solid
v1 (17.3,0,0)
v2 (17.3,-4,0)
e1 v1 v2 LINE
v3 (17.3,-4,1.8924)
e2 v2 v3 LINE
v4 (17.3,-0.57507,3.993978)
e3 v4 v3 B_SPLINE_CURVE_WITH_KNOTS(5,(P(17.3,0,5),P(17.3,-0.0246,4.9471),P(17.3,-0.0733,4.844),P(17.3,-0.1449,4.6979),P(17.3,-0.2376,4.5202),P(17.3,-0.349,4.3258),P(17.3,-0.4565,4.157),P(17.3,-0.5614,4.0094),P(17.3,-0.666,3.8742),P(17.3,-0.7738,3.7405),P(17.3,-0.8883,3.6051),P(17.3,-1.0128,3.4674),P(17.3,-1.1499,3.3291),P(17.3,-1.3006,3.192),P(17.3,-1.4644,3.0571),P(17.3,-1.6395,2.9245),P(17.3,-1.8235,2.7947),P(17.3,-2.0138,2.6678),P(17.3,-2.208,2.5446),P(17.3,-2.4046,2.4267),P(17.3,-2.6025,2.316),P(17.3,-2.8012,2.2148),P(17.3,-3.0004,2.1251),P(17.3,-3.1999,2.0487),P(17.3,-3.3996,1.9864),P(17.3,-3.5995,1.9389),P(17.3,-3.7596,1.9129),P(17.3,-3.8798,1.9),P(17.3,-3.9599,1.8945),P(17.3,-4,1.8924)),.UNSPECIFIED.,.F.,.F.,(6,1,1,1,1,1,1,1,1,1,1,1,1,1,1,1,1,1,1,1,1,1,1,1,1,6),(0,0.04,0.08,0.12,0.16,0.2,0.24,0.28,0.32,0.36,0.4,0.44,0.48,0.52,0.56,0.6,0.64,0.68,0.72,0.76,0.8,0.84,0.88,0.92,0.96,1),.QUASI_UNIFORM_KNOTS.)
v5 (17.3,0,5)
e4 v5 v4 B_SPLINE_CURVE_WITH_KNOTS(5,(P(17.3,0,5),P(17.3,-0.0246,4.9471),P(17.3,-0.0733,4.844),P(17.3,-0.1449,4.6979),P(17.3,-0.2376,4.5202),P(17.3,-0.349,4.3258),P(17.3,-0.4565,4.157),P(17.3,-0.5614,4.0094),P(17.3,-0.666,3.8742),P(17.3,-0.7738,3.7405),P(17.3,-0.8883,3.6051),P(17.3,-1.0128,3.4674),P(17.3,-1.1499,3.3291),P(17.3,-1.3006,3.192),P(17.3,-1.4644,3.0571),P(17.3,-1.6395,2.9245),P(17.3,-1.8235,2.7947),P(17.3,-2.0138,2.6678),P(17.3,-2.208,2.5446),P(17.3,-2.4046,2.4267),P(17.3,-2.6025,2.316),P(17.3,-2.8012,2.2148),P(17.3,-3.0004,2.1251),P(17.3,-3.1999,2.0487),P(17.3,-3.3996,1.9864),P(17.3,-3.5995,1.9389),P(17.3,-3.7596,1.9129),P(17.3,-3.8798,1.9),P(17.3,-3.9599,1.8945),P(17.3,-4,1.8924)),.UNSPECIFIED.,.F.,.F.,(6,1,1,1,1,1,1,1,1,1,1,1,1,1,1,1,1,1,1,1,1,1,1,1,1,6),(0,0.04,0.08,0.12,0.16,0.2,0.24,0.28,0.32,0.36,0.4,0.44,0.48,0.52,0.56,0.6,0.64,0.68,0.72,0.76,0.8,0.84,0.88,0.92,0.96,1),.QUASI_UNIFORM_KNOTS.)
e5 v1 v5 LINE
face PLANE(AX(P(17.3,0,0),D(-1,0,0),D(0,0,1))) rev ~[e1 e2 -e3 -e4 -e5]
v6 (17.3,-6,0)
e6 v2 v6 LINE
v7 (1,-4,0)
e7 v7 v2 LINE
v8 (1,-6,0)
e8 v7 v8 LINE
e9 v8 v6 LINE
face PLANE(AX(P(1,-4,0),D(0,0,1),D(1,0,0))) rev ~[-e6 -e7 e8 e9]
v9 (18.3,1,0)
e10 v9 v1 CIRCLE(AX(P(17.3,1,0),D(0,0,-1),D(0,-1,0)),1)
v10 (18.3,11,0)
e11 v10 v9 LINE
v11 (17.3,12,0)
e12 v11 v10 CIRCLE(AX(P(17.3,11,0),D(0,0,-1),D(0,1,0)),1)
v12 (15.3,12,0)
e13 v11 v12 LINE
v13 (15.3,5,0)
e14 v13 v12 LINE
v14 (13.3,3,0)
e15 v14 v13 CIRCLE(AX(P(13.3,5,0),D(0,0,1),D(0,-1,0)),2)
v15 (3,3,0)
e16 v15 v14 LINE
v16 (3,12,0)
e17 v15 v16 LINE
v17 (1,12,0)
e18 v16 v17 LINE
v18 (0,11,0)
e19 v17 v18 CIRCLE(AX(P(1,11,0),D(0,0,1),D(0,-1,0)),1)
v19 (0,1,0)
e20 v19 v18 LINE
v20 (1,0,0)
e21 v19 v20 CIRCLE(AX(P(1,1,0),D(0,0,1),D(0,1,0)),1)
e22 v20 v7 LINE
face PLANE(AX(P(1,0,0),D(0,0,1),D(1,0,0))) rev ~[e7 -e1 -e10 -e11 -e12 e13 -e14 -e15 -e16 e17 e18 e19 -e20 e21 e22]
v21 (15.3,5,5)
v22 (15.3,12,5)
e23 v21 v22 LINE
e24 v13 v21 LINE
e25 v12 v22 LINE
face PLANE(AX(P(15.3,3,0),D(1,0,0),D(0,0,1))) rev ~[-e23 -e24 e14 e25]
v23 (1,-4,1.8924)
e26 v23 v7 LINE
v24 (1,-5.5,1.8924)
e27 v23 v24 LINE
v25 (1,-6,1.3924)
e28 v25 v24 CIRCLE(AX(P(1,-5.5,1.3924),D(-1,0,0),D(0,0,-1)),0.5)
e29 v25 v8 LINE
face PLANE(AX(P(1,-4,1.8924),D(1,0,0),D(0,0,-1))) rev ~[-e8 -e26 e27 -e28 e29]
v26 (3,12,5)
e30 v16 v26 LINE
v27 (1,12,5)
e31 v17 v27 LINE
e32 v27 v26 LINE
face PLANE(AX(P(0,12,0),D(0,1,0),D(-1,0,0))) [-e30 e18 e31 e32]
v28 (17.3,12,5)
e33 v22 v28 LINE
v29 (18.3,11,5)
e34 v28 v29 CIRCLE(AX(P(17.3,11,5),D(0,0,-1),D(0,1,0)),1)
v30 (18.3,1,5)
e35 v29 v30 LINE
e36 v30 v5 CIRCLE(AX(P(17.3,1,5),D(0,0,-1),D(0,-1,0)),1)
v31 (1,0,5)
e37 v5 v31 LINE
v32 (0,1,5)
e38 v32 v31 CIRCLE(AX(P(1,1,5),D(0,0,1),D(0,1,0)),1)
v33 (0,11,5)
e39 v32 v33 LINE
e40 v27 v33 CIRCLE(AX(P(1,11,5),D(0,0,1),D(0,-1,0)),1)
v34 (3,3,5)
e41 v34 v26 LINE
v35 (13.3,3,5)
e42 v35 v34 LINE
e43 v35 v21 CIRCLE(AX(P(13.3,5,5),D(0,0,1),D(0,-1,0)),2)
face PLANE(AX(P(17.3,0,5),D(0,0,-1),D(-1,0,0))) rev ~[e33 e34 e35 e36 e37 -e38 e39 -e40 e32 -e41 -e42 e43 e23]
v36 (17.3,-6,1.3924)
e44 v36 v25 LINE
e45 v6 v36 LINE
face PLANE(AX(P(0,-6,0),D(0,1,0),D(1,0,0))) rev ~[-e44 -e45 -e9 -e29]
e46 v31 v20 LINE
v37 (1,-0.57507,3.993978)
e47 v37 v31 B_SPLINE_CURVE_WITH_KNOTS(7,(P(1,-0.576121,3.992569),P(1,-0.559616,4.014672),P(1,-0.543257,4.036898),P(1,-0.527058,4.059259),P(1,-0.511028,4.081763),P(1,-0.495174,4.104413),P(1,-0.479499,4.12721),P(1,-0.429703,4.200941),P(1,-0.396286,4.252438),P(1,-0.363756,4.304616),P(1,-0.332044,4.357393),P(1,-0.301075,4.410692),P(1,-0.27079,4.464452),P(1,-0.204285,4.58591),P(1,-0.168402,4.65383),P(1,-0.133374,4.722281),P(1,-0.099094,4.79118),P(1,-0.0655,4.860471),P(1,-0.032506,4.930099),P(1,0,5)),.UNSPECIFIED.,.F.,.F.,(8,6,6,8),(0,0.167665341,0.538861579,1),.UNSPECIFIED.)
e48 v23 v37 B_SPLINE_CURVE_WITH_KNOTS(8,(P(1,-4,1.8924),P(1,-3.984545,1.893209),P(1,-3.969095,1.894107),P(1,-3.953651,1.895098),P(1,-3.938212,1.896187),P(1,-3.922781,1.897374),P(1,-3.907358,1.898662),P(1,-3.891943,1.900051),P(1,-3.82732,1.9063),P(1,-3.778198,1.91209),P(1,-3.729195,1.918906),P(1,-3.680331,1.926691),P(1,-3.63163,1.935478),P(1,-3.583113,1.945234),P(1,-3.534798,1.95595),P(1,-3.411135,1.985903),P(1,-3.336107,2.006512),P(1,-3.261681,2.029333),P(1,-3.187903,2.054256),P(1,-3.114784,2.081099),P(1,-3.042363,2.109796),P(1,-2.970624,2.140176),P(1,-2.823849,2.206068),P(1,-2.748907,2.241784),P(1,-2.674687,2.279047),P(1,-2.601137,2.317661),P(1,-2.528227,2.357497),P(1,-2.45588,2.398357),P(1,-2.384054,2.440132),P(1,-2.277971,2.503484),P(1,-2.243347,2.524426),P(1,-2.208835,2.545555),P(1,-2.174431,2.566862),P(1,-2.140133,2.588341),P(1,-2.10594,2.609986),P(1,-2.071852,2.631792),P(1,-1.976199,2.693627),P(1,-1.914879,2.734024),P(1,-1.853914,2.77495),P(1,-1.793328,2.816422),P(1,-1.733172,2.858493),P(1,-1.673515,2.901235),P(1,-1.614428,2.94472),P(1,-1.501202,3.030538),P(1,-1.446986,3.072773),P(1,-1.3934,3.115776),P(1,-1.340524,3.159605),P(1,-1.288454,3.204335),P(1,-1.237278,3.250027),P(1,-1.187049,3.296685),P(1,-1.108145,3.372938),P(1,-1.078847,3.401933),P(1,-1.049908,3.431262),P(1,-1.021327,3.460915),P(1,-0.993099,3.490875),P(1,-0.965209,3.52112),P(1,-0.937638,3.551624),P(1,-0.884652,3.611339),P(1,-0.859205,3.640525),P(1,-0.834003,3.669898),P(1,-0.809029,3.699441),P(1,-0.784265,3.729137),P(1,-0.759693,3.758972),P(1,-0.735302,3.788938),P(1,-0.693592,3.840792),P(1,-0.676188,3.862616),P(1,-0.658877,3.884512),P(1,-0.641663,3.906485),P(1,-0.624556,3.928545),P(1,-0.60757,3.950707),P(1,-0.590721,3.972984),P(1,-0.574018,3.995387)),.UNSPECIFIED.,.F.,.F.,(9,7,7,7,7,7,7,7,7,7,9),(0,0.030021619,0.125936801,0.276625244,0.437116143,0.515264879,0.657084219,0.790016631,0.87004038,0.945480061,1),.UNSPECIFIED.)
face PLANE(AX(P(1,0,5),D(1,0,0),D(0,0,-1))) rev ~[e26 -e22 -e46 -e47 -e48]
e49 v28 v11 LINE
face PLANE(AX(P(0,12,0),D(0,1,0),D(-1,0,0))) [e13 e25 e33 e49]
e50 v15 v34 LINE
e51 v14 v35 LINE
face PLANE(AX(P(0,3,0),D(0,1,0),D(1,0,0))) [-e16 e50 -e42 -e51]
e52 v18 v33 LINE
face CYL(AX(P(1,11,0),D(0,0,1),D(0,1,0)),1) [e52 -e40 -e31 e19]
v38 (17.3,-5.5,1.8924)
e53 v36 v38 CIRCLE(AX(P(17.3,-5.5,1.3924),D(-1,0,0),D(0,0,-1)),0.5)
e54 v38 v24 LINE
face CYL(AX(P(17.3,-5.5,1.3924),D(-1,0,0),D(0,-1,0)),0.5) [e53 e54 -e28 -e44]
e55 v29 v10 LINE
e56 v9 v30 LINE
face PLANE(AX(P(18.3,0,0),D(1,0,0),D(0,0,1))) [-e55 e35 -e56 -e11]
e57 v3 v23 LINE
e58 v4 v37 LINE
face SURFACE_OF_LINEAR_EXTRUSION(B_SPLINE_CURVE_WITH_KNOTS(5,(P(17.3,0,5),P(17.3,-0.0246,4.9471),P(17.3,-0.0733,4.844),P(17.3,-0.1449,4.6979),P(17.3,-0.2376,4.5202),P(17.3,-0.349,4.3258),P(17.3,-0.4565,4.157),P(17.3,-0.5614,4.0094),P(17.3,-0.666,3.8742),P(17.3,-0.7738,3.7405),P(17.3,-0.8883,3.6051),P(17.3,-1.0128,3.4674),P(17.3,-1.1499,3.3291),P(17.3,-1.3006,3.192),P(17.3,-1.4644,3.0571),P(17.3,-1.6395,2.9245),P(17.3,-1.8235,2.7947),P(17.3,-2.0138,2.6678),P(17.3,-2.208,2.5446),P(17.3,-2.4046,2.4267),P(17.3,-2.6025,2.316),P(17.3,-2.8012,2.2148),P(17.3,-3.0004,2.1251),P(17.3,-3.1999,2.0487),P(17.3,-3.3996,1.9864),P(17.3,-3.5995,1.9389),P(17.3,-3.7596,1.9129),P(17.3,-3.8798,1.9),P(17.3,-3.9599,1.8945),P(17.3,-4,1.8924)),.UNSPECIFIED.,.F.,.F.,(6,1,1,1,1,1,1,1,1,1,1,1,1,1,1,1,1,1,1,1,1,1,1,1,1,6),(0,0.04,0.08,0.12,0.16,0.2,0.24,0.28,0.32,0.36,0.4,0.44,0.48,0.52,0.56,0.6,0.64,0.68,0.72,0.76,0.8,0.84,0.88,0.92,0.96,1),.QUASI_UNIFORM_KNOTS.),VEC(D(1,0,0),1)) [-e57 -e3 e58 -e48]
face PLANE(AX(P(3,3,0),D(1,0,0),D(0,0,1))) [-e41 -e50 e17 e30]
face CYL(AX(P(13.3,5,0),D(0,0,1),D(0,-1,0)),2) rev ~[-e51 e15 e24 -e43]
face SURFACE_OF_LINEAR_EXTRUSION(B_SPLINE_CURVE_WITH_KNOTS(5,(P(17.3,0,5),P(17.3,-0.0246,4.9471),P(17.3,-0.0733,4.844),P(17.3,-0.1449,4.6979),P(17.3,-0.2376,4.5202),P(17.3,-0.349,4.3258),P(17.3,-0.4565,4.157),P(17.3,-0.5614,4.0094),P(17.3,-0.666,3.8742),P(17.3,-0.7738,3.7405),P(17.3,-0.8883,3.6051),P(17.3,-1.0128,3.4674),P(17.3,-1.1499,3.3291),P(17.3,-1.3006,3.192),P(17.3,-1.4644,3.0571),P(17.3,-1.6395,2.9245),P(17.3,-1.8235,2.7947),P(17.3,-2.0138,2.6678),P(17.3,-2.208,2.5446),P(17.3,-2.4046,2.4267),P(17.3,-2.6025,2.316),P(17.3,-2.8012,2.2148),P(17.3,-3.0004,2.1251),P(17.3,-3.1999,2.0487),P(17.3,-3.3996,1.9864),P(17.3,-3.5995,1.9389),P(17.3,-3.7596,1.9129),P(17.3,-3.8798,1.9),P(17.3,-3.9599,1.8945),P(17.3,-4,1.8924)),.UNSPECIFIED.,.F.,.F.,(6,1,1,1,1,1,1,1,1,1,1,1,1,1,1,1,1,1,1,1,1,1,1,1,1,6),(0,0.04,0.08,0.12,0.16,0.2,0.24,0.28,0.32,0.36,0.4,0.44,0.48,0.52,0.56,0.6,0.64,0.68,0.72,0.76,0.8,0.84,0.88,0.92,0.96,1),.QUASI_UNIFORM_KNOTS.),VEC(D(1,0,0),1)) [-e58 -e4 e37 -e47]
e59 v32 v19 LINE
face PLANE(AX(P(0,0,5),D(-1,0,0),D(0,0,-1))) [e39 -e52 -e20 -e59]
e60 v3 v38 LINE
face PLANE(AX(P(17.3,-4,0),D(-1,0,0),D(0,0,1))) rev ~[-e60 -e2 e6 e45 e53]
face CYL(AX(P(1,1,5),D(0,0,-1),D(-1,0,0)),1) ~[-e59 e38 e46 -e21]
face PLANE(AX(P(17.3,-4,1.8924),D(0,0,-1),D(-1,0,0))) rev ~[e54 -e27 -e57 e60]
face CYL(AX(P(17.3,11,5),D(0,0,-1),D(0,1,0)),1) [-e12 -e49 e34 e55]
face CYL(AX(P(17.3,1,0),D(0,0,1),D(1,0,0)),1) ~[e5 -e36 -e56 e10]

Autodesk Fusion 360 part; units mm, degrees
sketch "Sketch1" plane through (0, 0, 0) normal (0, 1, 0) x (1, 0, 0)
  line L0 (0, 0) -> (18.3, 0)
  line L1 (18.3, 0) -> (18.3, -5)
  line L2 (18.3, -5) -> (0, -5)
  line L3 (0, -5) -> (0, 0)
  dimension "d1" = 18.3
  dimension "d2" = 5
extrude "Extrude1" add sketch "Sketch1" along normal blind 3
sketch "Sketch2" plane through (0, 3, 0) normal (0, 1, 0) x (-1, 0, 0)
  line L0 (0, 5) -> (-18.3, 5)
  line L1 (-18.3, 5) -> (-18.3, 0)
  line L2 (-18.3, 0) -> (0, 0)
  line L3 (0, 0) -> (0, 5)
  line L4 (0, 0) -> (-3, 0)
  line L5 (-3, 0) -> (-3, 5)
  line L6 (-3, 5) -> (0, 5)
  line L7 (0, 5) -> (0, 0)
  line L8 (-18.3, 0) -> (-15.3, 0)
  line L9 (-15.3, 0) -> (-15.3, 5)
  line L10 (-15.3, 5) -> (-18.3, 5)
  line L11 (-18.3, 5) -> (-18.3, 0)
  dimension "d5" = 3
  dimension "d6" = 3
  dimension "d7" = 5
extrude "Extrude2" add sketch "Sketch2" along normal blind 9 contours L0 L2 L3 L4 L5 L6 L7 | L0 L1 L2 L8 L9 L10 L11
fillet "Fillet1" radius 2 1 edges at (15.3, 3, 2.5)
fillet "Fillet2" radius 1 4 edges at (0, 0, 2.5) (18.3, 0, 2.5) (0, 12, 2.5) (18.3, 12, 2.5)
extrude "Extrude3" add 1 faces at (6.4333, 0, 1.6667) along direction (0, -1, 0) blind 4
sketch "Sketch3" plane through (17.3, 0, 0) normal (1, 0, 0) x (0, 0, -1)
  line L0 (0, 0) -> (-5, 0)
  line L1 (-5, 0) -> (-5, -4)
  line L2 (-5, -4) -> (0, -4)
  line L3 (0, -4) -> (0, 0)
  line L4 (-2.5, 0) -> (-2.5, -4) construction
  spline S0 degree 5 poles (-5, 0) (-4.9471, -0.0246) (-4.844, -0.0733) (-4.6979, -0.1449) (-4.5202, -0.2376) (-4.3258, -0.349) (-4.157, -0.4565) (-4.0094, -0.5614) (-3.8742, -0.666) (-3.7405, -0.7738) (-3.6051, -0.8883) (-3.4674, -1.0128) (-3.3291, -1.1499) (-3.192, -1.3006) (-3.0571, -1.4644) (-2.9245, -1.6395) (-2.7947, -1.8235) (-2.6678, -2.0138) (-2.5446, -2.208) (-2.4267, -2.4046) (-2.316, -2.6025) (-2.2148, -2.8012) (-2.1251, -3.0004) (-2.0487, -3.1999) (-1.9864, -3.3996) (-1.9389, -3.5995) (-1.9129, -3.7596) (-1.9, -3.8798) (-1.8945, -3.9599) (-1.8924, -4) knots 0 0 0 0 0 0 0.04 0.08 0.12 0.16 0.2 0.24 0.28 0.32 0.36 0.4 0.44 0.48 0.52 0.56 0.6 0.64 0.68 0.72 0.76 0.8 0.84 0.88 0.92 0.96 1 1 1 1 1 1
  line L5 (-4.3837, -0.2829) -> (-3.5871, -0.8801)
  point P0 (-3.9854, -0.5815)
  point P1 (-3.3558, -1.126)
  point P2 (-2.6836, -1.992)
  point P3 (-2.1229, -3.0139)
extrude "Extrude4" cut sketch "Sketch3" against normal blind 68 contours L1 L2 S0
extrude "Extrude5" add 1 faces at (6.4333, -4, 0.6308) along direction (0, -1, 0) blind 2
fillet "Fillet3" radius 0.5 1 edges at (9.15, -6, 1.8924)
equation "d1 = 12.3 mm + 6 mm"
